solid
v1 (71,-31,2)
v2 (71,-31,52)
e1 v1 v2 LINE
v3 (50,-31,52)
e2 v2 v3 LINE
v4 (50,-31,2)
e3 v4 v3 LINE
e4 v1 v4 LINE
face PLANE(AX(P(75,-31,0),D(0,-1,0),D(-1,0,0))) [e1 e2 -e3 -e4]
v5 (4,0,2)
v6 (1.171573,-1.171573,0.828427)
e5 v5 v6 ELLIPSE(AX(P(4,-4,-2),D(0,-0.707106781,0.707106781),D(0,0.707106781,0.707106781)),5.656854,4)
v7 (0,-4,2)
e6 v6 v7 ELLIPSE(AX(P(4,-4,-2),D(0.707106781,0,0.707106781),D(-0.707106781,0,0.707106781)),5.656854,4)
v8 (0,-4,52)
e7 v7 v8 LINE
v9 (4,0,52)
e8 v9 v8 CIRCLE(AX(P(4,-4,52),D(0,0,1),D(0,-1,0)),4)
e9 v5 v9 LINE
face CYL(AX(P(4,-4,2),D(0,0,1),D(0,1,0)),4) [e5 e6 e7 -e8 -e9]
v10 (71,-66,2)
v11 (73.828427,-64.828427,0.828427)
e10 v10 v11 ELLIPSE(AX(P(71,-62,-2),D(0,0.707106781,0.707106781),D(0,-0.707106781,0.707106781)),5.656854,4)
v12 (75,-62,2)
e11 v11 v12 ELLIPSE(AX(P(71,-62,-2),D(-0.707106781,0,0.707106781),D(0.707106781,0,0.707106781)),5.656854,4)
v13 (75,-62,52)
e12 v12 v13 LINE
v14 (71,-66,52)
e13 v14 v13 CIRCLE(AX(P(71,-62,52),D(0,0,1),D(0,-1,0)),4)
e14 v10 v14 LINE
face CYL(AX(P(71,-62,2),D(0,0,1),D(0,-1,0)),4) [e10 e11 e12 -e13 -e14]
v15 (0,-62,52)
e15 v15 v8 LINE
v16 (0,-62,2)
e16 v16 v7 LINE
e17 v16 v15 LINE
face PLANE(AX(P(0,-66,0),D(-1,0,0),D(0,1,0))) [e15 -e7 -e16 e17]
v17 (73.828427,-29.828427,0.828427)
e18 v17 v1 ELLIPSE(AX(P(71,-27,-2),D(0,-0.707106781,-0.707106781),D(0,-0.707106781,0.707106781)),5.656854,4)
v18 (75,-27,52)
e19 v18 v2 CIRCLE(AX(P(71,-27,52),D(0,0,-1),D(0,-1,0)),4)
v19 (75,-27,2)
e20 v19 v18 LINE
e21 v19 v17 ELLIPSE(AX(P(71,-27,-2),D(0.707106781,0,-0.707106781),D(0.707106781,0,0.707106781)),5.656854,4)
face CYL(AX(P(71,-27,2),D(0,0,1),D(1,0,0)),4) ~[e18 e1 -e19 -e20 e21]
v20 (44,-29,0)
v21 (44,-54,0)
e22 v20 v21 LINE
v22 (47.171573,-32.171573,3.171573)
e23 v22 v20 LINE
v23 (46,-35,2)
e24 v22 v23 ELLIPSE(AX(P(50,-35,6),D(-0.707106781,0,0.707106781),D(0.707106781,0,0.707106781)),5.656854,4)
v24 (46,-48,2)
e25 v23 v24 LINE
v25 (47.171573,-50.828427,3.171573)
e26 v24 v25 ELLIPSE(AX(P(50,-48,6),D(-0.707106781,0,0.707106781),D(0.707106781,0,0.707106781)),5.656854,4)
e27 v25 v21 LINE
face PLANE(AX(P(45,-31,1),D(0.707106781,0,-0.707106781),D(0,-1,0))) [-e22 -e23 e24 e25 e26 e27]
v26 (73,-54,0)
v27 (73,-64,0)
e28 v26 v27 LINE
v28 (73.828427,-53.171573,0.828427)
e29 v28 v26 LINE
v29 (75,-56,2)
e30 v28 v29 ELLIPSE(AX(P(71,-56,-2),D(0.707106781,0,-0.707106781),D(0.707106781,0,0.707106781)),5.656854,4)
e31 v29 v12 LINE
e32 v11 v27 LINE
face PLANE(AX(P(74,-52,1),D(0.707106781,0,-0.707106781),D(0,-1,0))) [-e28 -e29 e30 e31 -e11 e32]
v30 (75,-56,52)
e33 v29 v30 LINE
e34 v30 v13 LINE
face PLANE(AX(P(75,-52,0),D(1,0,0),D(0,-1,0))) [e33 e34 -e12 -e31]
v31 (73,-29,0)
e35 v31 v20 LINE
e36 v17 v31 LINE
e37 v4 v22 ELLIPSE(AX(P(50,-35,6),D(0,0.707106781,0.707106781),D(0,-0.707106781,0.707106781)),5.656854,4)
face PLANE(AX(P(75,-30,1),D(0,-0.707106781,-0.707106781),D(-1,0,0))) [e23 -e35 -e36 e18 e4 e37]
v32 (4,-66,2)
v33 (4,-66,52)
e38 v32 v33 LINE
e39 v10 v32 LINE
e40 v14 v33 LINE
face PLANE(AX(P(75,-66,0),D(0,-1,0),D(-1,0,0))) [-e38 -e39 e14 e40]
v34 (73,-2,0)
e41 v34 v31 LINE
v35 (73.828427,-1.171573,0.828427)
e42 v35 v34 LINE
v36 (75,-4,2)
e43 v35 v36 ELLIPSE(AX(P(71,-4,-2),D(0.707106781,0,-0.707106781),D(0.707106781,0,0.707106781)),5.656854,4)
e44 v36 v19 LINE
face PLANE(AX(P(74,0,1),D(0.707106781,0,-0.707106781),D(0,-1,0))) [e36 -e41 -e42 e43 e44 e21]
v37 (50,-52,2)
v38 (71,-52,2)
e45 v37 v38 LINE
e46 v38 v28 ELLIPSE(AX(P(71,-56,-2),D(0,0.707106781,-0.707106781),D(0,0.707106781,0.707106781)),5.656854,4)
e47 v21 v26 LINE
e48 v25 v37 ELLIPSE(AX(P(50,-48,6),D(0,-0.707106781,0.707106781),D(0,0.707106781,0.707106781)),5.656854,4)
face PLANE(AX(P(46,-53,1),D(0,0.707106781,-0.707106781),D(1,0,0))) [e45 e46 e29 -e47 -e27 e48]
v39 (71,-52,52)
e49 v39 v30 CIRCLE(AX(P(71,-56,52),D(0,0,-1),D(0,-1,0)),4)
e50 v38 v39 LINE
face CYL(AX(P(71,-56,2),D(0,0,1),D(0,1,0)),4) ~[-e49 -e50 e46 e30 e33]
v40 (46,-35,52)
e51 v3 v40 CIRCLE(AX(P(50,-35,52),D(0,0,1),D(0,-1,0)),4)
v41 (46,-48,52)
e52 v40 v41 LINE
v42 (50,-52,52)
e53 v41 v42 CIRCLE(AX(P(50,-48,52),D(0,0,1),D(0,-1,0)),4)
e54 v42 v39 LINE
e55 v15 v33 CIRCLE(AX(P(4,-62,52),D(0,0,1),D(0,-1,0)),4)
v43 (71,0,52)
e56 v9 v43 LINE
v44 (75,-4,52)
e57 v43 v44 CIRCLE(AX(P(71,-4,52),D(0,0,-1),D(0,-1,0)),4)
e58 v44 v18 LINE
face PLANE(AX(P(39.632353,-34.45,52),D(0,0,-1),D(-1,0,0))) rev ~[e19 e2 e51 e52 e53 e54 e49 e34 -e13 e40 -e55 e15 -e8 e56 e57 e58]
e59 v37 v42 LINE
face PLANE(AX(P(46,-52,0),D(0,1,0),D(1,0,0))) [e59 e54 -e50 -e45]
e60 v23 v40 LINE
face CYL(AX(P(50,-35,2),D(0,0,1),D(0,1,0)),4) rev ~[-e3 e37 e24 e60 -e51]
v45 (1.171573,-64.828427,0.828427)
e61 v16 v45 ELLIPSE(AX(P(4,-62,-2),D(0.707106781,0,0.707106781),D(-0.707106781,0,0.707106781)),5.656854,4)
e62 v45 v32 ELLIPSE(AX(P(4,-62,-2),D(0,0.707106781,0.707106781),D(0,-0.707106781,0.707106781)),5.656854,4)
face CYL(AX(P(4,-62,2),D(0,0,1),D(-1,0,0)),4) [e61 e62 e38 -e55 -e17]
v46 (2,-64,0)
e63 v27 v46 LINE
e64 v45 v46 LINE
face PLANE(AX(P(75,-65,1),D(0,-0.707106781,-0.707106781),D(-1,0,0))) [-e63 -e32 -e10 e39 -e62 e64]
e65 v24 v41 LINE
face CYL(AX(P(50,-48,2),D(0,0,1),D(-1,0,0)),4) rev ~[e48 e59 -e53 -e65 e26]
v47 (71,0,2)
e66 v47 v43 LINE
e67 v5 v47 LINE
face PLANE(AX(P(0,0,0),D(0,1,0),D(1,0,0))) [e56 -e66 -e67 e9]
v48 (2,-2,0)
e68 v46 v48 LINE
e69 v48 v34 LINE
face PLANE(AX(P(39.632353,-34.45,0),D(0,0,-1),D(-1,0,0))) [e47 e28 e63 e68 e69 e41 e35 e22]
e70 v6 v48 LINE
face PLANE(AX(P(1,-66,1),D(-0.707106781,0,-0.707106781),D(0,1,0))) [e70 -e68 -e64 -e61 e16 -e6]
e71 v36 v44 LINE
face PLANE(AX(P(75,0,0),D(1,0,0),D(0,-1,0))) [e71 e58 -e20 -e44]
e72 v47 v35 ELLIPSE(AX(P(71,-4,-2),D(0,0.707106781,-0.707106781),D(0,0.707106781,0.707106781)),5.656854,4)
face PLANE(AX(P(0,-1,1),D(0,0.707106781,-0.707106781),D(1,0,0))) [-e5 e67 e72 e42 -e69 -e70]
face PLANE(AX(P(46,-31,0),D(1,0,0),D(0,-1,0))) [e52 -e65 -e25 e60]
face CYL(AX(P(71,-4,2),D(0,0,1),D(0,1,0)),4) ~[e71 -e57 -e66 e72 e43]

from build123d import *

# Parameters (mm, degrees)
PAD_DEPTH    = 52
CHAMFER_SIZE = 2
FILLET_R     = 4


with BuildPart() as part:
    # Sketch → Pad (new body)
    with BuildSketch(Plane.XY):
        Polygon((0, 0), (75, 0), (75, -31), (46, -31), (46, -52), (75, -52), (75, -66), (0, -66), align=None)
    extrude(amount=PAD_DEPTH)

    # Chamfer
    chamfer_edges = [part.edges().sort_by_distance(p)[0] for p in [
        (37.5, 0, 0),
        (75, -15.5, 0),
        (60.5, -31, 0),
        (46, -41.5, 0),
        (60.5, -52, 0),
        (75, -59, 0),
        (37.5, -66, 0),
        (0, -33, 0),
    ]]
    chamfer(chamfer_edges, length=CHAMFER_SIZE)

    # Fillet
    fillet_edges = [part.edges().sort_by_distance(p)[0] for p in [
        (0, -66, 27),
        (75, -66, 27),
        (75, -52, 27),
        (75, -31, 27),
        (75, 0, 27),
        (46, -52, 27),
        (46, -31, 27),
        (0, 0, 27),
    ]]
    fillet(fillet_edges, radius=FILLET_R)


solid = part.part
